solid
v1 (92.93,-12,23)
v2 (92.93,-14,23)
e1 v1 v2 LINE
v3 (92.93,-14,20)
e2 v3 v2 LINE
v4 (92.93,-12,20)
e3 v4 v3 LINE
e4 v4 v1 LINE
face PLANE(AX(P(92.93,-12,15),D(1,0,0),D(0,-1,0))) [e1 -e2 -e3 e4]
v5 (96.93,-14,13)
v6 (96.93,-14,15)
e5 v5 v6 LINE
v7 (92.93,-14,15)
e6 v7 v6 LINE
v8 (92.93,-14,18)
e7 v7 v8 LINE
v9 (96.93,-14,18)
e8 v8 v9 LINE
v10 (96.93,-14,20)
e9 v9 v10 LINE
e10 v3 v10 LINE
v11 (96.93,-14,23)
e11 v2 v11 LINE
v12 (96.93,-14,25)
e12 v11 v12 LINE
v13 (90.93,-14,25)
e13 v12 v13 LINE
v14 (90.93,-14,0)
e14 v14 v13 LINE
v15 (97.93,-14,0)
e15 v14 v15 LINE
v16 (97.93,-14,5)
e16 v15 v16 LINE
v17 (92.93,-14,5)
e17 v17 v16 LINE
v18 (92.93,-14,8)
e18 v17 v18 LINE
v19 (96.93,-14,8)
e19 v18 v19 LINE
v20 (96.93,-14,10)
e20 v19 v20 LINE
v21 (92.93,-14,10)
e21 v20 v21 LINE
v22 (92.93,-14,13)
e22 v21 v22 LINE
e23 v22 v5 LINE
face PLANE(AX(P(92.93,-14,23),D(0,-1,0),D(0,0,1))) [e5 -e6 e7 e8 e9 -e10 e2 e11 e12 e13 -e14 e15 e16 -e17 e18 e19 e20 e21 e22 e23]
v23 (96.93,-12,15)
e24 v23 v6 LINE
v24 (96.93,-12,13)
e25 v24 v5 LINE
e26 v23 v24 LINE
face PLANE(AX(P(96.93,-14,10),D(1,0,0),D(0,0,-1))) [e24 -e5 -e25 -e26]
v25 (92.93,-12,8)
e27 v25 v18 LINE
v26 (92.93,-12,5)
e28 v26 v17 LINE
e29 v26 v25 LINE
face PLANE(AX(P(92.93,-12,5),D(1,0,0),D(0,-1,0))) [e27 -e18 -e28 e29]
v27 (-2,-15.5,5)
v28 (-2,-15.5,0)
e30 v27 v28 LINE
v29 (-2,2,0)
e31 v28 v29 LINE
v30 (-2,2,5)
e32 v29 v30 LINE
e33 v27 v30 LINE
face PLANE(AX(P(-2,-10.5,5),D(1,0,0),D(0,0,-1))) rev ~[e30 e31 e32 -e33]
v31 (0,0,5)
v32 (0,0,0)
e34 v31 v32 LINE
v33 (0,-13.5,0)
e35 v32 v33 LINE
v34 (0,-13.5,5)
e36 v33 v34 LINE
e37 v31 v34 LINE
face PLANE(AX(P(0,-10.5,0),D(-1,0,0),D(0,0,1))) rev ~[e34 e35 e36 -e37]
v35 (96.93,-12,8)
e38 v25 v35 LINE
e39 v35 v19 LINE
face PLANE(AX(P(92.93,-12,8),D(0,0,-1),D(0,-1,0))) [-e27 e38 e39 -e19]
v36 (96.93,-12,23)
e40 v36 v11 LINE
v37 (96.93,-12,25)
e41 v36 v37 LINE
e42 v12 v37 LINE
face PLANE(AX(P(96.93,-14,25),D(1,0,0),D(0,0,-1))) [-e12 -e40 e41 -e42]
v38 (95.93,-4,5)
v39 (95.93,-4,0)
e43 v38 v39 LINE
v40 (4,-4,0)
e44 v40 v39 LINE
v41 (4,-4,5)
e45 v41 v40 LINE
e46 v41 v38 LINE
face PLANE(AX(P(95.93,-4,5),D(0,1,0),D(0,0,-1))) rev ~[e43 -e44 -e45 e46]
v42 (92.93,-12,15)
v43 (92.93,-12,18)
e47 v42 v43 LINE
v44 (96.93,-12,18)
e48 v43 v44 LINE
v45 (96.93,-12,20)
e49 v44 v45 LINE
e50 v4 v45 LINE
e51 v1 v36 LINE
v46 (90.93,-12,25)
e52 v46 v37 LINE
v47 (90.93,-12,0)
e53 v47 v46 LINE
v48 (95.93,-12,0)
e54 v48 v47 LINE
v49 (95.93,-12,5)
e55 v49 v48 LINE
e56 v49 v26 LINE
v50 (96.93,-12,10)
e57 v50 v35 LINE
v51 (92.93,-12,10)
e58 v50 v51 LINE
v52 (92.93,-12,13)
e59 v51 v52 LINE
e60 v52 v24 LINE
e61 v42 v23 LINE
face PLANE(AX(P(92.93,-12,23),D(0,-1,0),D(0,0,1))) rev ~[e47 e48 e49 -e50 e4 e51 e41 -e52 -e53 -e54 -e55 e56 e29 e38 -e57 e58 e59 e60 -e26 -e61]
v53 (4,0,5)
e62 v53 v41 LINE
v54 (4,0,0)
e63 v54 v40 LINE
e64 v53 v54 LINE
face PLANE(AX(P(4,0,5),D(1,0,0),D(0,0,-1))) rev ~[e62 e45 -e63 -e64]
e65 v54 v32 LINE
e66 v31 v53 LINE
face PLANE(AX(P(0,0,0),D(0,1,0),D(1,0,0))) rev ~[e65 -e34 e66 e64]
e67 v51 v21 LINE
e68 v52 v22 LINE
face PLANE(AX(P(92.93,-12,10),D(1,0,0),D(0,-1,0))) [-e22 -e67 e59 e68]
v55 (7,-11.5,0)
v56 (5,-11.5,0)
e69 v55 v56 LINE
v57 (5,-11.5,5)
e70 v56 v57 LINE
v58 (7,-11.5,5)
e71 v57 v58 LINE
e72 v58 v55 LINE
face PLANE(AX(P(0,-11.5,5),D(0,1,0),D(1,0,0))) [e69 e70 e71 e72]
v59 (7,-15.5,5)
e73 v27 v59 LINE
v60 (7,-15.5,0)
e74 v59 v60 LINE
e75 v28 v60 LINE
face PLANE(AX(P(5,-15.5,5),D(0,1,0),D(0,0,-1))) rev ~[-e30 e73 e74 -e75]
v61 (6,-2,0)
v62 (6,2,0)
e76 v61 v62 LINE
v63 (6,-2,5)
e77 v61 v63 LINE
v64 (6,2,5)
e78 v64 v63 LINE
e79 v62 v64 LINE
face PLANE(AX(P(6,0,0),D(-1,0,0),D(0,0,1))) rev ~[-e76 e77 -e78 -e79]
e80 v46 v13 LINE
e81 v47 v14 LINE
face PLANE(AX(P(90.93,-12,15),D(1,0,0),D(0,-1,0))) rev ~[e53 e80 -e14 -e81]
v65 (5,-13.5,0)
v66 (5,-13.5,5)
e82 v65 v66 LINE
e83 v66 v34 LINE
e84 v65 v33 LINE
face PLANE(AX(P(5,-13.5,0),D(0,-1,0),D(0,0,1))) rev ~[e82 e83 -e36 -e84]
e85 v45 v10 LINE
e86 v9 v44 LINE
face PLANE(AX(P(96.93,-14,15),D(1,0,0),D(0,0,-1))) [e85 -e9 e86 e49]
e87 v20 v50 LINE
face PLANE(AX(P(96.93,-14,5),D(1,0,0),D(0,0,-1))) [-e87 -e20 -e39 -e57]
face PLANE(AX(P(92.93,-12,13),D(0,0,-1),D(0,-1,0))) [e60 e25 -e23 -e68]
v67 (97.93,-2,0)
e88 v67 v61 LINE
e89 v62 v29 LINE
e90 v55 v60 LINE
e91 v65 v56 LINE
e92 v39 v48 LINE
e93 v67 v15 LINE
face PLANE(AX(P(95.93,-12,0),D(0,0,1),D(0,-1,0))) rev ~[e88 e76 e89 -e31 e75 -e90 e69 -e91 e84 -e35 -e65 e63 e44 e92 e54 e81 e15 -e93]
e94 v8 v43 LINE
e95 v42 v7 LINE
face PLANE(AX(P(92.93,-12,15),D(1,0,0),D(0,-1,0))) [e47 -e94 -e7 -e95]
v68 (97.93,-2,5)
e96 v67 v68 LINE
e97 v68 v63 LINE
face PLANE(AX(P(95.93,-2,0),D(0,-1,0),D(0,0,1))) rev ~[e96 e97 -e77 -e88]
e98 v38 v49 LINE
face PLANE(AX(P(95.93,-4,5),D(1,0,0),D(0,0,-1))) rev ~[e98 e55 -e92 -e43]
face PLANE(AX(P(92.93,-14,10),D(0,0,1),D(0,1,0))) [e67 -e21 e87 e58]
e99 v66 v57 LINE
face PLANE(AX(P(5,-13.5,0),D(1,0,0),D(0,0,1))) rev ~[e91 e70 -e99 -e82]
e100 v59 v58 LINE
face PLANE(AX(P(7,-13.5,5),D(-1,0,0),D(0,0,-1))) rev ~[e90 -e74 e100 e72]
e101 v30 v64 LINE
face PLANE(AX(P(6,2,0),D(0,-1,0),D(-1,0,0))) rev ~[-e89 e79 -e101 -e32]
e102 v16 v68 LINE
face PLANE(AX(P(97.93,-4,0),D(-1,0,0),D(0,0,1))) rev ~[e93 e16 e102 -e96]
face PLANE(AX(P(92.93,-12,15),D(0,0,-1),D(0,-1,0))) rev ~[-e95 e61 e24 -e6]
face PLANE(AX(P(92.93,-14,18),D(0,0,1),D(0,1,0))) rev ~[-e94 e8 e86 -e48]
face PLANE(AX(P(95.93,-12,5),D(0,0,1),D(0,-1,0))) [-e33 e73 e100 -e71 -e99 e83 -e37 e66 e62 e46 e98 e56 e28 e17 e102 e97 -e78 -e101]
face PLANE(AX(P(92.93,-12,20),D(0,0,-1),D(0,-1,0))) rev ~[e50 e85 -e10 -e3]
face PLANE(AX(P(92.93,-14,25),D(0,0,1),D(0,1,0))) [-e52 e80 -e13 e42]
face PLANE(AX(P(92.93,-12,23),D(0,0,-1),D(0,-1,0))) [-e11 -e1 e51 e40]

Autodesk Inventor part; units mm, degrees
ref_plane "YZ Plane" through (0, 0, 0) normal (1, 0, 0) x (0, 1, 0)
ref_plane "XZ Plane" through (0, 0, 0) normal (0, 1, 0) x (-1, 0, 0)
ref_plane "XY Plane" through (0, 0, 0) normal (0, 0, 1) x (1, 0, 0)
sketch "Sketch1" plane through (0, 0, 0) normal (0, 0, 1) x (1, 0, 0)
  line L0 (0, 0) -> (6, 0)
  line L1 (6, 0) -> (6, 2)
  line L2 (6, 2) -> (0, 2)
  line L3 (0, 2) -> (0, 0)
  dimension "d0" = 6
  dimension "d1" = 2
extrude "Extrusion1" add sketch "Sketch1" along normal blind 5
sketch "Sketch2" plane through (0, 0, 0) normal (-1, 0, 0) x (0, 0, 1)
  line L0 (0, 2) -> (0, 0) projected
  line L1 (0, 0) -> (5, 0) projected
  line L2 (5, 2) -> (5, 0) projected
  line L3 (0, 2) -> (5, 2) projected
extrude "Extrusion2" add sketch "Sketch2" along normal blind 2
sketch "Sketch3" plane through (6, 0, 0) normal (0, -1, 0) x (1, 0, 0)
  line L0 (-8, 5) -> (-6, 5)
  line L1 (-6, 5) -> (-6, 0)
  line L2 (-6, 0) -> (-8, 0)
  line L3 (-8, 0) -> (-8, 5)
extrude "Extrusion3" add sketch "Sketch3" along normal blind 10.5
sketch "Sketch5" plane through (6, 0, 0) normal (0, -1, 0) x (1, 0, 0)
  line L0 (0, 5) -> (-8, 5) projected
  line L1 (0, 0) -> (-8, 0) projected
  line L2 (0, 5) -> (-2, 5)
  line L3 (-2, 5) -> (-2, 0)
  line L4 (-2, 0) -> (0, 0)
  line L5 (0, 0) -> (0, 5)
extrude "Extrusion5" add sketch "Sketch5" along normal blind 4
sketch "Sketch6" plane through (6, 2, 5) normal (1, 0, 0) x (0, 0, -1)
  line L0 (0, -6) -> (5, -6) projected
  line L1 (5, -2) -> (5, -12.5) projected
  line L2 (0, -6) -> (5, -6)
  line L3 (5, -6) -> (5, -4)
  line L4 (5, -4) -> (0, -4)
  line L5 (0, -4) -> (0, -6)
  dimension "d13" = 2
extrude "Extrusion6" add sketch "Sketch6" along normal blind 89.93
sketch "Sketch7" plane through (95.93, 2, 5) normal (1, 0, 0) x (0, 0, -1)
  line L0 (0, -6) -> (5, -6) projected
  line L1 (5, -6) -> (5, -4) projected
  line L2 (5, -4) -> (0, -4) projected
  line L3 (0, -4) -> (0, -6) projected
  point P0 (5, -2)
extrude "Extrusion7" add sketch "Sketch7" along normal blind 2
sketch "Sketch8" plane through (6, -4, 0) normal (0, -1, 0) x (1, 0, 0)
  line L0 (-2, 0) -> (91.93, 0) projected
  line L1 (91.93, 5) -> (89.93, 5)
  line L2 (89.93, 5) -> (89.93, 0)
  line L3 (89.93, 0) -> (91.93, 0)
  line L4 (91.93, 0) -> (91.93, 5)
  point P0 (-6, 0)
  dimension "d18" = 2
extrude "Extrusion8" add sketch "Sketch8" along normal blind 10
sketch "Sketch9" plane through (6, -10.5, 0) normal (0, -1, 0) x (1, 0, 0)
  line L0 (-6, 0) -> (-6, 5) projected
  line L1 (-6, 5) -> (-8, 5) projected
  line L2 (-8, 5) -> (-8, 0) projected
  line L3 (-8, 0) -> (-6, 0) projected
extrude "Extrusion9" add sketch "Sketch9" along normal blind 5
sketch "Sketch10" plane through (0, 0, 5) normal (1, 0, 0) x (0, 0, -1)
  line L0 (0, 2) -> (0, -15.5) projected
  line L1 (5, 2) -> (5, -15.5) projected
  line L2 (0, -15.5) -> (5, -15.5)
  line L3 (5, -15.5) -> (5, -13.5)
  line L4 (5, -13.5) -> (0, -13.5)
  line L5 (0, -13.5) -> (0, -15.5)
  dimension "d23" = 2
extrude "Extrusion10" add sketch "Sketch10" along normal blind 5
sketch "Sketch11" plane through (5, 0, 5) normal (1, 0, 0) x (0, 0, -1)
  line L0 (0, -15.5) -> (5, -15.5) projected
  line L1 (5, -15.5) -> (5, -13.5) projected
  line L2 (5, -13.5) -> (0, -13.5) projected
  line L3 (0, -13.5) -> (0, -15.5) projected
  point P0 (5, 0)
extrude "Extrusion11" add sketch "Sketch11" along normal blind 2
sketch "Sketch12" plane through (0, -13.5, 5) normal (0, 1, 0) x (1, 0, 0)
  line L0 (0, 0) -> (7, 0) projected
  line L1 (7, 5) -> (5, 5)
  line L2 (5, 5) -> (5, 0)
  line L3 (5, 0) -> (7, 0)
  line L4 (7, 0) -> (7, 5)
  dimension "d28" = 2
extrude "Extrusion12" add sketch "Sketch12" along normal blind 2
sketch "Sketch13" plane through (95.93, -4, 0) normal (-1, 0, 0) x (0, 0, 1)
  line L0 (5, 0) -> (5, -10) projected
  line L1 (0, -10) -> (5, -10)
  line L2 (5, -10) -> (5, -8)
  line L3 (5, -8) -> (0, -8)
  line L4 (0, -8) -> (0, -10)
  point P0 (0, 4)
  dimension "d31" = 2
extrude "Extrusion13" add sketch "Sketch13" along normal blind 5
sketch "Sketch14" plane through (0, 0, 5) normal (0, 0, 1) x (1, 0, 0)
  line L0 (97.93, -14) -> (90.93, -14) projected
  line L1 (90.93, -12) -> (92.93, -12)
  line L2 (92.93, -12) -> (92.93, -14)
  line L3 (92.93, -14) -> (90.93, -14)
  line L4 (90.93, -14) -> (90.93, -12)
  dimension "d34" = 2
extrude "Extrusion14" add sketch "Sketch14" along normal blind 5
sketch "Sketch15" plane through (92.93, -14, 5) normal (1, 0, 0) x (0, 0, -1)
  line L0 (0, 0) -> (-5, 0) projected
  line L1 (-5, 2) -> (-3, 2)
  line L2 (-3, 2) -> (-3, 0)
  line L3 (-3, 0) -> (-5, 0)
  line L4 (-5, 0) -> (-5, 2)
  point P0 (5, 14)
  dimension "d37" = 2
extrude "Extrusion15" add sketch "Sketch15" along normal blind 4
sketch "Sketch16" plane through (0, 0, 10) normal (0, 0, 1) x (1, 0, 0)
  line L0 (90.93, -12) -> (90.93, -14) projected
  line L1 (90.93, -14) -> (96.93, -14) projected
  line L2 (95.93, -12) -> (90.93, -12) projected
  line L3 (97.93, -14) -> (92.93, -14) projected
  line L4 (90.93, -12) -> (92.93, -12)
  line L5 (92.93, -12) -> (92.93, -14)
  line L6 (92.93, -14) -> (90.93, -14)
  line L7 (90.93, -14) -> (90.93, -12)
  point P0 (0, 0)
extrude "Extrusion16" add sketch "Sketch16" along normal blind 5
sketch "Sketch17" plane through (92.93, -14, 10) normal (1, 0, 0) x (0, 0, -1)
  line L0 (-5, 2) -> (-5, 0) projected
  line L1 (10, 0) -> (-5, 0) projected
  line L2 (-5, 2) -> (-3, 2)
  line L3 (-3, 2) -> (-3, 0)
  line L4 (-3, 0) -> (-5, 0)
  line L5 (-5, 0) -> (-5, 2)
  point P0 (10, 14)
  dimension "d42" = 2
extrude "Extrusion17" add sketch "Sketch17" along normal blind 4
sketch "Sketch18" plane through (0, 0, 15) normal (0, 0, 1) x (1, 0, 0)
  line L0 (90.93, -12) -> (90.93, -14) projected
  line L1 (90.93, -12) -> (90.93, -14) projected
  line L2 (97.93, -14) -> (90.93, -14) projected
  line L3 (90.93, -12) -> (92.93, -12)
  line L4 (92.93, -12) -> (92.93, -14)
  line L5 (92.93, -14) -> (90.93, -14)
  line L6 (90.93, -14) -> (90.93, -12)
  point P0 (0, 0)
  dimension "d45" = 2
extrude "Extrusion18" add sketch "Sketch18" along normal blind 10
sketch "Sketch19" plane through (92.93, -14, 15) normal (1, 0, 0) x (0, 0, -1)
  line L0 (15, 2) -> (-10, 2) projected
  line L1 (15, 0) -> (-10, 0) projected
  line L2 (-3, 2) -> (-5, 2)
  line L3 (-5, 2) -> (-5, 0)
  line L4 (-5, 0) -> (-3, 0)
  line L5 (-3, 0) -> (-3, 2)
  line L6 (0, 2) -> (0, 0) projected
  point P0 (15, 14)
  dimension "d48" = 2
  dimension "d51" = 3
extrude "Extrusion19" add sketch "Sketch19" along normal blind 4 contours L5 L1 L3 L0
sketch "Sketch20" plane through (92.93, -14, 25) normal (1, 0, 0) x (0, 0, -1)
  line L0 (25, 2) -> (0, 2) projected
  line L1 (25, 0) -> (0, 0) projected
  line L2 (0, 2) -> (2, 2)
  line L3 (2, 2) -> (2, 0)
  line L4 (2, 0) -> (0, 0)
  line L5 (0, 0) -> (0, 2)
  point P0 (25, 14)
  dimension "d52" = 2
extrude "Extrusion20" add sketch "Sketch20" along normal blind 4
properties part number "Steunbalk boven"
